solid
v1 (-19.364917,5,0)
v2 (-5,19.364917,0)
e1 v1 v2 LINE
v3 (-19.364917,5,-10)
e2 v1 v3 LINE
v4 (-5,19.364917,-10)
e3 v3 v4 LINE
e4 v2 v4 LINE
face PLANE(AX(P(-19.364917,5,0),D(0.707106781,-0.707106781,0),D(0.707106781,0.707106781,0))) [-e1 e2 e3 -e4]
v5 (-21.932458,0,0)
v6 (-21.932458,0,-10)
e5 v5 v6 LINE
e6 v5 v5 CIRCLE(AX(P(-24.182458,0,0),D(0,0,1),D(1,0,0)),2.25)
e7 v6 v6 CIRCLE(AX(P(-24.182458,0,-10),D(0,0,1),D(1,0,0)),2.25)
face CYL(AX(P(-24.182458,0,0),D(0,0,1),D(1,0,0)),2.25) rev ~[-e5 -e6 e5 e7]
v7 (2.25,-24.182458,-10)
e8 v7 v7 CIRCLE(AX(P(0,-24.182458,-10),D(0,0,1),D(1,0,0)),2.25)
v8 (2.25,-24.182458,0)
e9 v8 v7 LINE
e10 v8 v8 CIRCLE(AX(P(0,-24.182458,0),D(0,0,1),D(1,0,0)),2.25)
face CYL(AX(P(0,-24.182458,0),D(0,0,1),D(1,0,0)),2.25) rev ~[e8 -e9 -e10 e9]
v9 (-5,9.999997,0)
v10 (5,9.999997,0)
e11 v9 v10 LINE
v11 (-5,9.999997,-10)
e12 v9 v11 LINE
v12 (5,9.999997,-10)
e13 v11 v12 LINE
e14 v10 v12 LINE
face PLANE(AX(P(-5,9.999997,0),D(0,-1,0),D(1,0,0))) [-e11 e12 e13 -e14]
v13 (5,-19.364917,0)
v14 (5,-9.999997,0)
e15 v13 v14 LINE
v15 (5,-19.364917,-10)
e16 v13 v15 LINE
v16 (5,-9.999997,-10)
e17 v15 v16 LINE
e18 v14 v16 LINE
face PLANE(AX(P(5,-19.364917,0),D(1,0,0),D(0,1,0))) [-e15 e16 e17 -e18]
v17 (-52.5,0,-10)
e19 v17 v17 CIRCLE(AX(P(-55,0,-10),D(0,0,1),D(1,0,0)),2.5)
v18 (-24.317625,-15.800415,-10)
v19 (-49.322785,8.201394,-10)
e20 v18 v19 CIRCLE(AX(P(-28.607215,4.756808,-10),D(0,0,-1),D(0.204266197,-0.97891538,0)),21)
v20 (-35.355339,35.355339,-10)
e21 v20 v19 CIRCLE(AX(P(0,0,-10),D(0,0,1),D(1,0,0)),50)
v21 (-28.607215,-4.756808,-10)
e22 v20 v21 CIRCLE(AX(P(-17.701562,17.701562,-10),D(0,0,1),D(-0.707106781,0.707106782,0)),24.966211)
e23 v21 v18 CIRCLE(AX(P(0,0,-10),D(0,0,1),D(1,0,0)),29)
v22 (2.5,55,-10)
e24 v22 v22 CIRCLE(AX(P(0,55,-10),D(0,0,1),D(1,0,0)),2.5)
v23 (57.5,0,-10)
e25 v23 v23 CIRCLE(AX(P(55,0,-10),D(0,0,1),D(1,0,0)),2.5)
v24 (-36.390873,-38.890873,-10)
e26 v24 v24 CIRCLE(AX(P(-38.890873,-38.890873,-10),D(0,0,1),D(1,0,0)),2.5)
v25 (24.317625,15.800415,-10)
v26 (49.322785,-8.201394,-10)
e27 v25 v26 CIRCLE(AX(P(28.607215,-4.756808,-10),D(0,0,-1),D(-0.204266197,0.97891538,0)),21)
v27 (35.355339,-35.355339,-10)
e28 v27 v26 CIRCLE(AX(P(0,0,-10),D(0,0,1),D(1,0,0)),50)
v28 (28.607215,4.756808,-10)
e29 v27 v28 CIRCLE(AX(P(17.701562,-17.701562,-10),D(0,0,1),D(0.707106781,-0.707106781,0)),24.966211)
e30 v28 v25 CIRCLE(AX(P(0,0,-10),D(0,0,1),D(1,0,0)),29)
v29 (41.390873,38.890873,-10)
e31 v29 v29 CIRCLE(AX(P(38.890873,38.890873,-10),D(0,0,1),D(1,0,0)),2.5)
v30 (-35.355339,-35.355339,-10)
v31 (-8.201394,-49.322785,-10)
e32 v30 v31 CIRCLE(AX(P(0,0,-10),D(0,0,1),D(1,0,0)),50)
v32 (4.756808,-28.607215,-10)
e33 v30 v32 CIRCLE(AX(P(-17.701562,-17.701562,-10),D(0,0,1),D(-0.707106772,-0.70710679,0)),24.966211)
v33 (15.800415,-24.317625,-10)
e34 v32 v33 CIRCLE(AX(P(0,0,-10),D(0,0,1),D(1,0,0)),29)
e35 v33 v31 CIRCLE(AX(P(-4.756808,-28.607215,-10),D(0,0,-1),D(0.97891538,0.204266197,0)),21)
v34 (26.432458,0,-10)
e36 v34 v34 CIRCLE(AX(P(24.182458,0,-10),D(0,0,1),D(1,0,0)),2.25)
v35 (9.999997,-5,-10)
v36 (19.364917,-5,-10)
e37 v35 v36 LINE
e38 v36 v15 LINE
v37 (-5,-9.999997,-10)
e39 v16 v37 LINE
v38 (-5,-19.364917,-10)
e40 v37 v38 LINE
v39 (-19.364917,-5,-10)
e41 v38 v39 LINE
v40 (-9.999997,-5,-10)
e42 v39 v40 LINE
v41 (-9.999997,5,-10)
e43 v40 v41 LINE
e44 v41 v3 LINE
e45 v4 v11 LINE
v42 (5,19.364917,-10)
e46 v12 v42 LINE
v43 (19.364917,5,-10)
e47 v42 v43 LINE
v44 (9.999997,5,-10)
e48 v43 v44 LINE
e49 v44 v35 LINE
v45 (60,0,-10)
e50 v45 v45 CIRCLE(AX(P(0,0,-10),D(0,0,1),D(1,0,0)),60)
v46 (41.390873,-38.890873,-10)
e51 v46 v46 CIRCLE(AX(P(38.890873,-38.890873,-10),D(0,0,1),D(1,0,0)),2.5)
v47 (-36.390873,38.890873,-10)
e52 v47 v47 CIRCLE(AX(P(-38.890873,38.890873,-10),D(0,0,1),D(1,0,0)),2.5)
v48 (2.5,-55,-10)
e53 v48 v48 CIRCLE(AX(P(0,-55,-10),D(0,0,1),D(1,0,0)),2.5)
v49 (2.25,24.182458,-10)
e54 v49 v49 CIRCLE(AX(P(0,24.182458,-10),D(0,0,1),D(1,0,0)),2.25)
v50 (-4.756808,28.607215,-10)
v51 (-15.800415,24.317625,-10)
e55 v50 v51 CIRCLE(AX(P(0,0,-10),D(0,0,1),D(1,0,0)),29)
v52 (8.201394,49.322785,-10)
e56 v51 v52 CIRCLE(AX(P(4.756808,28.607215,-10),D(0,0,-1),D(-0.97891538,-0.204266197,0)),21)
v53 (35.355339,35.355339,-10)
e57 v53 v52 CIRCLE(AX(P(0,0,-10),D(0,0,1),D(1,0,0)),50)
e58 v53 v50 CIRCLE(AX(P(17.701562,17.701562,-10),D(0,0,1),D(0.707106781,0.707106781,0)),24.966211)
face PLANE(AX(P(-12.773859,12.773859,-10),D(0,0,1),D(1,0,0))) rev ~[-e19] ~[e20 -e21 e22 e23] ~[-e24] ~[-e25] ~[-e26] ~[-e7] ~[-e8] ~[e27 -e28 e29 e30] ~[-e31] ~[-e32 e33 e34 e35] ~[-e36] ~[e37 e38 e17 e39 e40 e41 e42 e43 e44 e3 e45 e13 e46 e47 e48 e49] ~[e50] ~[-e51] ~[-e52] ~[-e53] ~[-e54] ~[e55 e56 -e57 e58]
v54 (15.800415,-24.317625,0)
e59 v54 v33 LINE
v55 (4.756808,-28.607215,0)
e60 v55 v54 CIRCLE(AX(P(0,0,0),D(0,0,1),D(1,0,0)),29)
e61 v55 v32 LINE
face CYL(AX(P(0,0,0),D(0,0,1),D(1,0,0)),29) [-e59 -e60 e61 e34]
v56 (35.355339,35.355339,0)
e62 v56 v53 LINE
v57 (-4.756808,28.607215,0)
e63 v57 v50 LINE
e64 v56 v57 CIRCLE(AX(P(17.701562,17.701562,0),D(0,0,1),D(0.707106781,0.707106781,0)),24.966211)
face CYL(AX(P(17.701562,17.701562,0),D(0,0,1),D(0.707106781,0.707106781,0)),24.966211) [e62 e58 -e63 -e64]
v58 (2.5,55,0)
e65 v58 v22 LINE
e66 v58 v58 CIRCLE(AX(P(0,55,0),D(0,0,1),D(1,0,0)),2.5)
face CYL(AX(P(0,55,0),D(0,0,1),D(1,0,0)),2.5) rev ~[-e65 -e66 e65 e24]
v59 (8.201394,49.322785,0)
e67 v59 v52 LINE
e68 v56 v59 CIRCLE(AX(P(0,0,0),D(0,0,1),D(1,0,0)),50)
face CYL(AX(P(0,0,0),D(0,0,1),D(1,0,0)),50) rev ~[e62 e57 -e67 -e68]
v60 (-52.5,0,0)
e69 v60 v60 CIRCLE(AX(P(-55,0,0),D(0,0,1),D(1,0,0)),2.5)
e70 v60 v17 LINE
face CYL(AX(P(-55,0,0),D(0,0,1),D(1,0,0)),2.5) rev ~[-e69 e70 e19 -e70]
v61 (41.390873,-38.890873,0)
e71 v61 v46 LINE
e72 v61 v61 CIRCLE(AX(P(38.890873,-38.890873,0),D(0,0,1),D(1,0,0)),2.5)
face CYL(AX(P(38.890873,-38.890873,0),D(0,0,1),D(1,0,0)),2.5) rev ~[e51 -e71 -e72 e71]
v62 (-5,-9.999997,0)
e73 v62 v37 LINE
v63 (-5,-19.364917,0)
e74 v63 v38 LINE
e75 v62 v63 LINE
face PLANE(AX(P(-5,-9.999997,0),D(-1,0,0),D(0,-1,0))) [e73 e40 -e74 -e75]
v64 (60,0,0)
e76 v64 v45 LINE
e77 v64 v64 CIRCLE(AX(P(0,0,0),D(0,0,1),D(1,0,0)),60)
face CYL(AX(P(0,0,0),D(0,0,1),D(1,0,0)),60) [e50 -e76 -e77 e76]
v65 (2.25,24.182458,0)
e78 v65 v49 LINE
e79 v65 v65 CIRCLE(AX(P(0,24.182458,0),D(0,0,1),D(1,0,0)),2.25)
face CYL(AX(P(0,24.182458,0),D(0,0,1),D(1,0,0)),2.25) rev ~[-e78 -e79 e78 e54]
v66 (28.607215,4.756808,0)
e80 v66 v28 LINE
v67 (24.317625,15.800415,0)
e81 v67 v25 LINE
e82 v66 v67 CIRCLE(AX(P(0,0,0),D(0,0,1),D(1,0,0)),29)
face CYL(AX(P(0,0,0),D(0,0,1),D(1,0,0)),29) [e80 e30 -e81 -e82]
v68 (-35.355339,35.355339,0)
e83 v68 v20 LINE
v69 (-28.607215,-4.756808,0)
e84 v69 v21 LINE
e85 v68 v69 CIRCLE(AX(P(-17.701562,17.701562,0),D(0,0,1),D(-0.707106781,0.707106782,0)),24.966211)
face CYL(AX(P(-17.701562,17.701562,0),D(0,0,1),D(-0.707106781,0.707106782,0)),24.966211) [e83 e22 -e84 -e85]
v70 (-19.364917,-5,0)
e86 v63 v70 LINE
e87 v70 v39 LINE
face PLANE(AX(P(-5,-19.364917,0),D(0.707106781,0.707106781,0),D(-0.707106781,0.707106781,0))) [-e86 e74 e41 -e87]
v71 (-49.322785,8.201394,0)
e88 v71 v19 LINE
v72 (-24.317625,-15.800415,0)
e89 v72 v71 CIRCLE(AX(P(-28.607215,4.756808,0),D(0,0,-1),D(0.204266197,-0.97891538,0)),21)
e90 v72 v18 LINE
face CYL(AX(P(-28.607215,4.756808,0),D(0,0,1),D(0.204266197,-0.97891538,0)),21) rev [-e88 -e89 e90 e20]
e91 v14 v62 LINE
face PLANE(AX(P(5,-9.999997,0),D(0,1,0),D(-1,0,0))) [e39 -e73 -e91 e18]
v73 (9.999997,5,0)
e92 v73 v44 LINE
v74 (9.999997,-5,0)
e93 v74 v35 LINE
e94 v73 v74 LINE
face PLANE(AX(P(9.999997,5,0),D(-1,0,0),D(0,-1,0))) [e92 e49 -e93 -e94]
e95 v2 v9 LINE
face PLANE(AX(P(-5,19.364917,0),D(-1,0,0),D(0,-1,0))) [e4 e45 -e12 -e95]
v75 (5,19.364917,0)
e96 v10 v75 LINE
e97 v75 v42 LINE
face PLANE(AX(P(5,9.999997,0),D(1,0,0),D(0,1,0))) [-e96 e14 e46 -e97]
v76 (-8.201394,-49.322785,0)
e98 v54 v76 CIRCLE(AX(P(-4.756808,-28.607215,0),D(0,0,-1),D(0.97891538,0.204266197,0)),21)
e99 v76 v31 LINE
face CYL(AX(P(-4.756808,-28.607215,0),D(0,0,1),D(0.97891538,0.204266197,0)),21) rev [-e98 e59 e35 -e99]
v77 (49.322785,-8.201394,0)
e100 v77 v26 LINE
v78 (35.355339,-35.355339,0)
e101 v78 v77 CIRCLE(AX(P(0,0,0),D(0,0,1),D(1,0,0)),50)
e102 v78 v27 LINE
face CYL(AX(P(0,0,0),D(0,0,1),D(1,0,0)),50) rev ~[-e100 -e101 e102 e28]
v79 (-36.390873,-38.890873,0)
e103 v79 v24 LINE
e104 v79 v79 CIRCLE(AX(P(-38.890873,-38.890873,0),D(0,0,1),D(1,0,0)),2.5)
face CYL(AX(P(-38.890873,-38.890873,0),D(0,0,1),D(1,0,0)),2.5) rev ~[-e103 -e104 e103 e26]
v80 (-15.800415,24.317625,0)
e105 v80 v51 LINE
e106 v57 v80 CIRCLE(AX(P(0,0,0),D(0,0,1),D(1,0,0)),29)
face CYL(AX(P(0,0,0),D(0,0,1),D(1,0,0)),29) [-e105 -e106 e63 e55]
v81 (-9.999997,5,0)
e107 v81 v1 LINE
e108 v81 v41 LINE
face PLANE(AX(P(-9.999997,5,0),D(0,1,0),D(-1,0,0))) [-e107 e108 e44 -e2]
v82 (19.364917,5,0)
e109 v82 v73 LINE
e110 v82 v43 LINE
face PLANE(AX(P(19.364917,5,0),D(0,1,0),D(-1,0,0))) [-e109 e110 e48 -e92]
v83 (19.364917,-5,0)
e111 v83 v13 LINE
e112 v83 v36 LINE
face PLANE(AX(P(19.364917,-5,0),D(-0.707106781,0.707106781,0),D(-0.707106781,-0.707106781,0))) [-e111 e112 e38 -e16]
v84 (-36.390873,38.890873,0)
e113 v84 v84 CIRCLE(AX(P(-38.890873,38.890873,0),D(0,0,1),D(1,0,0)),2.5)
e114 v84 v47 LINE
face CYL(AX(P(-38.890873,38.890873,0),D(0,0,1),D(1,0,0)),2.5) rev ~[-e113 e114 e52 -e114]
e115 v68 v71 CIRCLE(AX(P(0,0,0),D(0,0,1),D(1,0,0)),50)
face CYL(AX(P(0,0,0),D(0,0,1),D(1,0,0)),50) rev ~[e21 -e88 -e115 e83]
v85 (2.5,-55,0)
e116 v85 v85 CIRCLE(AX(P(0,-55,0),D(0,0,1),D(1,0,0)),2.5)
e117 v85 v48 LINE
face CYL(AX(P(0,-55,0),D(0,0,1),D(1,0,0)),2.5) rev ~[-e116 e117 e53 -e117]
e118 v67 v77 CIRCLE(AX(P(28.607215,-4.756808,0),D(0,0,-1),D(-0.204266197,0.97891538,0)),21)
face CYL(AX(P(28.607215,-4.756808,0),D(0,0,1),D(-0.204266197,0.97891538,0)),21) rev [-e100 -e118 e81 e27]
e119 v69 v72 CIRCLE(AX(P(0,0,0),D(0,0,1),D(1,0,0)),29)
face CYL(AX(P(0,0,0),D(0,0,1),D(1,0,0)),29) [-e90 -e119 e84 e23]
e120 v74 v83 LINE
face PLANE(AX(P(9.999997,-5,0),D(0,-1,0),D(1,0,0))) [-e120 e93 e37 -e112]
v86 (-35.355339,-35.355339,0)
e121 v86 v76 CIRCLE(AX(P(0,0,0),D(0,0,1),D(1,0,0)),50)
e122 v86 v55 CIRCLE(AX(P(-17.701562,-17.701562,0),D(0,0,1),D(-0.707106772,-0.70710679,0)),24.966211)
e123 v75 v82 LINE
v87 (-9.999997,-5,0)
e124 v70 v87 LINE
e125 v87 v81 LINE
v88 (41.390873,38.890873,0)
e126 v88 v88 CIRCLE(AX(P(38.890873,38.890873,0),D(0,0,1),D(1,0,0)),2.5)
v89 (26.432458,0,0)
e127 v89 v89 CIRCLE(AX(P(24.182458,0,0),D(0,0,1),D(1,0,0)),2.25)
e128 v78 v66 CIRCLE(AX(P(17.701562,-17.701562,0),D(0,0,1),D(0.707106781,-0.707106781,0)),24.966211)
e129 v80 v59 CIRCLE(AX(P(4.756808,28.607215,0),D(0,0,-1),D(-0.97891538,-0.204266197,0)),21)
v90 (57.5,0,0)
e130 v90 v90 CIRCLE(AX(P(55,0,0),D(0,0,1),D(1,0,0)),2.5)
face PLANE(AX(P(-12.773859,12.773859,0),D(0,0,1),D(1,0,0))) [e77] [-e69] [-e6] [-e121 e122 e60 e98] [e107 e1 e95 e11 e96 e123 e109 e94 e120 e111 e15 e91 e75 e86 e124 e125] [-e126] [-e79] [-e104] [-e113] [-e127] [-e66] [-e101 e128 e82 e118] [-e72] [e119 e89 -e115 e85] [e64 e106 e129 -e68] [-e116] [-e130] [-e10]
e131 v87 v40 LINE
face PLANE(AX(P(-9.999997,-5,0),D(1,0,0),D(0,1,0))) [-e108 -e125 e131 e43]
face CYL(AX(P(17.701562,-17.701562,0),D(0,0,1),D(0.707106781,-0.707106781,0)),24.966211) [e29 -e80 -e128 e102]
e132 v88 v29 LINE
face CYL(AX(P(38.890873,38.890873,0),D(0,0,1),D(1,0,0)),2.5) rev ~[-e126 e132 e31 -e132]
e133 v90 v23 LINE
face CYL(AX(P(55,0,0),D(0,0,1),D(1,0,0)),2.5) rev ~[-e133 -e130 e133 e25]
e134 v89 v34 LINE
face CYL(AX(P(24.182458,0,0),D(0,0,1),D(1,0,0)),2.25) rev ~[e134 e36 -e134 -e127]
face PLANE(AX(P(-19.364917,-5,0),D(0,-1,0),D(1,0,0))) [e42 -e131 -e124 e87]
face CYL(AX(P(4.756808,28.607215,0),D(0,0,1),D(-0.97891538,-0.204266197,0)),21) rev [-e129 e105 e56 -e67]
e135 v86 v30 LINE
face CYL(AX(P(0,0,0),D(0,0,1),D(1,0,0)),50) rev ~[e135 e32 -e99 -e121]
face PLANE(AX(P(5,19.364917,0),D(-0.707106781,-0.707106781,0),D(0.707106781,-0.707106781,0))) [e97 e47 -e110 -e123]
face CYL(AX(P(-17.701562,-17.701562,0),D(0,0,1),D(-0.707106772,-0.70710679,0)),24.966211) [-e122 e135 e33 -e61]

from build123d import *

# Parameters (mm, degrees)
SKETCH6_R                        = 29
SKETCH6_R_2                      = 20
INNER_RING_DEPTH                 = 10
MOTOR_CONNECTOR_CUT_DEPTH        = 10
SKETCH8_R                        = 2.25
MOTOR_CONNECTOR_HOLES_DEPTH      = 1
MOTOR_CONNECTOR_HOLES_DEPTH_BACK = 18
MIDDLE_PATTERN_DEPTH             = 10
SKETCH9_R                        = 60
SKETCH9_R_2                      = 50
SKETCH9_R_3                      = 2.5
BOSS_EXTRUDE1_DEPTH              = 10
BOSS_EXTRUDE2_DEPTH              = 10


with BuildPart() as part:
    # Sketch6 → Inner Ring (new body)
    with BuildSketch(Plane.XY):
        Circle(SKETCH6_R)
        Circle(SKETCH6_R_2, mode=Mode.SUBTRACT)
    extrude(amount=-INNER_RING_DEPTH)

    # Sketch7 → Motor Connector Cut (add)
    with BuildSketch(Plane.XY):
        with BuildLine():
            ThreePointArc((20, 0), (19.840593925, 2.52008585), (19.364916731, 5))
            Line((19.364916731, 5), (9.999996731, 5))
            Line((9.999996731, 5), (9.999996731, -5))
            Line((9.999996731, -5), (19.364916731, -5))
            ThreePointArc((19.364916731, -5), (19.840593925, -2.52008585), (20, 0))
        make_face()
        with BuildLine():
            ThreePointArc((5, 19.364916731), (0, 20), (-5, 19.364916731))
            Line((-5, 19.364916731), (-5, 9.999996731))
            Line((-5, 9.999996731), (5, 9.999996731))
            Line((5, 9.999996731), (5, 19.364916731))
        make_face()
        with BuildLine():
            Line((-9.999996731, -5), (-9.999996731, 5))
            Line((-9.999996731, 5), (-19.364916731, 5))
            ThreePointArc((-19.364916731, 5), (-20, 0), (-19.364916731, -5))
            Line((-19.364916731, -5), (-9.999996731, -5))
        make_face()
        with BuildLine():
            Line((-5, -9.999996731), (-5, -19.364916731))
            ThreePointArc((-5, -19.364916731), (0, -20), (5, -19.364916731))
            Line((5, -19.364916731), (5, -9.999996731))
            Line((5, -9.999996731), (-5, -9.999996731))
        make_face()
    extrude(amount=-MOTOR_CONNECTOR_CUT_DEPTH)

    # Sketch8 → Motor Connector Holes (cut, two sides)
    with BuildSketch(Plane.XY) as motor_connector_holes_sk:
        with Locations((0, 24.182458366)):
            Circle(SKETCH8_R)
        with Locations((24.182458366, 0)):
            Circle(SKETCH8_R)
        with Locations((0, -24.182458366)):
            Circle(SKETCH8_R)
        with Locations((-24.182458366, 0)):
            Circle(SKETCH8_R)
    extrude(amount=MOTOR_CONNECTOR_HOLES_DEPTH, mode=Mode.SUBTRACT)
    extrude(motor_connector_holes_sk.sketch, amount=-MOTOR_CONNECTOR_HOLES_DEPTH_BACK, mode=Mode.SUBTRACT)

    # Sketch10 → Middle Pattern (add)
    with BuildSketch(Plane.XY):
        with BuildLine():
            ThreePointArc((28.607215414, 4.756808408), (26.539406056, -11.690163651), (15.800414568, -24.317625284))
            ThreePointArc((15.800414568, -24.317625284), (10.393277118, -43.149392299), (-8.201394307, -49.322785114))
            ThreePointArc((-8.201394307, -49.322785114), (15.267827816, -47.611904328), (35.355339059, -35.355339059))
            ThreePointArc((35.355339059, -35.355339059), (42.321804958, -13.559663633), (28.607215414, 4.756808408))
        make_face()
        with BuildLine():
            ThreePointArc((24.317625284, 15.800414568), (43.149392359, 10.39327706), (49.322785087, -8.201394473))
            ThreePointArc((49.322785087, -8.201394473), (47.611904354, 15.267827736), (35.355339059, 35.355339059))
            ThreePointArc((35.355339059, 35.355339059), (13.559663633, 42.321804958), (-4.756808408, 28.607215414))
            ThreePointArc((-4.756808408, 28.607215414), (11.690163651, 26.539406056), (24.317625284, 15.800414568))
        make_face()
        with BuildLine():
            ThreePointArc((8.201394106, 49.322785148), (-15.267827902, 47.611904301), (-35.355339044, 35.355339075))
            ThreePointArc((-35.355339044, 35.355339075), (-42.32180496, 13.559663644), (-28.607215414, -4.756808408))
            ThreePointArc((-28.607215414, -4.756808408), (-26.539406056, 11.690163651), (-15.800414568, 24.317625284))
            ThreePointArc((-15.800414568, 24.317625284), (-10.393277189, 43.149392225), (8.201394106, 49.322785148))
        make_face()
        with BuildLine():
            ThreePointArc((4.756808408, -28.607215414), (-11.690163651, -26.539406056), (-24.317625284, -15.800414568))
            ThreePointArc((-24.317625284, -15.800414568), (-43.149392012, -10.393277393), (-49.322785244, 8.201393524))
            ThreePointArc((-49.322785244, 8.201393524), (-47.61190416, -15.267828343), (-35.355338839, -35.35533928))
            ThreePointArc((-35.355338839, -35.35533928), (-13.559663479, -42.321804932), (4.756808408, -28.607215414))
        make_face()
    extrude(amount=-MIDDLE_PATTERN_DEPTH)

    # Sketch9 → Boss-Extrude1 (add)
    with BuildSketch(Plane.XY):
        Circle(SKETCH9_R)
        Circle(SKETCH9_R_2, mode=Mode.SUBTRACT)
        with Locations((0, 55)):
            Circle(SKETCH9_R_3, mode=Mode.SUBTRACT)
        with Locations((-38.890872965, 38.890872965)):
            Circle(SKETCH9_R_3, mode=Mode.SUBTRACT)
        with Locations((-55, 0)):
            Circle(SKETCH9_R_3, mode=Mode.SUBTRACT)
        with Locations((-38.890872965, -38.890872965)):
            Circle(SKETCH9_R_3, mode=Mode.SUBTRACT)
        with Locations((0, -55)):
            Circle(SKETCH9_R_3, mode=Mode.SUBTRACT)
        with Locations((38.890872965, -38.890872965)):
            Circle(SKETCH9_R_3, mode=Mode.SUBTRACT)
        with Locations((55, 0)):
            Circle(SKETCH9_R_3, mode=Mode.SUBTRACT)
        with Locations((38.890872965, 38.890872965)):
            Circle(SKETCH9_R_3, mode=Mode.SUBTRACT)
    extrude(amount=-BOSS_EXTRUDE1_DEPTH)

    # Sketch11 → Boss-Extrude2 (add)
    with BuildSketch(Plane.XY):
        with BuildLine():
            Line((-19.364916731, 5), (-5, 19.364916731))
            ThreePointArc((-5, 19.364916731), (-14.142135624, 14.142135624), (-19.364916731, 5))
        make_face()
        with BuildLine():
            Line((5, 19.364916731), (19.364916731, 5))
            ThreePointArc((19.364916731, 5), (14.142135624, 14.142135624), (5, 19.364916731))
        make_face()
        with BuildLine():
            Line((19.364916731, -5), (5, -19.364916731))
            ThreePointArc((5, -19.364916731), (14.142135624, -14.142135624), (19.364916731, -5))
        make_face()
        with BuildLine():
            Line((-5, -19.364916731), (-19.364916731, -5))
            ThreePointArc((-19.364916731, -5), (-14.142135624, -14.142135624), (-5, -19.364916731))
        make_face()
    extrude(amount=-BOSS_EXTRUDE2_DEPTH)


solid = part.part
